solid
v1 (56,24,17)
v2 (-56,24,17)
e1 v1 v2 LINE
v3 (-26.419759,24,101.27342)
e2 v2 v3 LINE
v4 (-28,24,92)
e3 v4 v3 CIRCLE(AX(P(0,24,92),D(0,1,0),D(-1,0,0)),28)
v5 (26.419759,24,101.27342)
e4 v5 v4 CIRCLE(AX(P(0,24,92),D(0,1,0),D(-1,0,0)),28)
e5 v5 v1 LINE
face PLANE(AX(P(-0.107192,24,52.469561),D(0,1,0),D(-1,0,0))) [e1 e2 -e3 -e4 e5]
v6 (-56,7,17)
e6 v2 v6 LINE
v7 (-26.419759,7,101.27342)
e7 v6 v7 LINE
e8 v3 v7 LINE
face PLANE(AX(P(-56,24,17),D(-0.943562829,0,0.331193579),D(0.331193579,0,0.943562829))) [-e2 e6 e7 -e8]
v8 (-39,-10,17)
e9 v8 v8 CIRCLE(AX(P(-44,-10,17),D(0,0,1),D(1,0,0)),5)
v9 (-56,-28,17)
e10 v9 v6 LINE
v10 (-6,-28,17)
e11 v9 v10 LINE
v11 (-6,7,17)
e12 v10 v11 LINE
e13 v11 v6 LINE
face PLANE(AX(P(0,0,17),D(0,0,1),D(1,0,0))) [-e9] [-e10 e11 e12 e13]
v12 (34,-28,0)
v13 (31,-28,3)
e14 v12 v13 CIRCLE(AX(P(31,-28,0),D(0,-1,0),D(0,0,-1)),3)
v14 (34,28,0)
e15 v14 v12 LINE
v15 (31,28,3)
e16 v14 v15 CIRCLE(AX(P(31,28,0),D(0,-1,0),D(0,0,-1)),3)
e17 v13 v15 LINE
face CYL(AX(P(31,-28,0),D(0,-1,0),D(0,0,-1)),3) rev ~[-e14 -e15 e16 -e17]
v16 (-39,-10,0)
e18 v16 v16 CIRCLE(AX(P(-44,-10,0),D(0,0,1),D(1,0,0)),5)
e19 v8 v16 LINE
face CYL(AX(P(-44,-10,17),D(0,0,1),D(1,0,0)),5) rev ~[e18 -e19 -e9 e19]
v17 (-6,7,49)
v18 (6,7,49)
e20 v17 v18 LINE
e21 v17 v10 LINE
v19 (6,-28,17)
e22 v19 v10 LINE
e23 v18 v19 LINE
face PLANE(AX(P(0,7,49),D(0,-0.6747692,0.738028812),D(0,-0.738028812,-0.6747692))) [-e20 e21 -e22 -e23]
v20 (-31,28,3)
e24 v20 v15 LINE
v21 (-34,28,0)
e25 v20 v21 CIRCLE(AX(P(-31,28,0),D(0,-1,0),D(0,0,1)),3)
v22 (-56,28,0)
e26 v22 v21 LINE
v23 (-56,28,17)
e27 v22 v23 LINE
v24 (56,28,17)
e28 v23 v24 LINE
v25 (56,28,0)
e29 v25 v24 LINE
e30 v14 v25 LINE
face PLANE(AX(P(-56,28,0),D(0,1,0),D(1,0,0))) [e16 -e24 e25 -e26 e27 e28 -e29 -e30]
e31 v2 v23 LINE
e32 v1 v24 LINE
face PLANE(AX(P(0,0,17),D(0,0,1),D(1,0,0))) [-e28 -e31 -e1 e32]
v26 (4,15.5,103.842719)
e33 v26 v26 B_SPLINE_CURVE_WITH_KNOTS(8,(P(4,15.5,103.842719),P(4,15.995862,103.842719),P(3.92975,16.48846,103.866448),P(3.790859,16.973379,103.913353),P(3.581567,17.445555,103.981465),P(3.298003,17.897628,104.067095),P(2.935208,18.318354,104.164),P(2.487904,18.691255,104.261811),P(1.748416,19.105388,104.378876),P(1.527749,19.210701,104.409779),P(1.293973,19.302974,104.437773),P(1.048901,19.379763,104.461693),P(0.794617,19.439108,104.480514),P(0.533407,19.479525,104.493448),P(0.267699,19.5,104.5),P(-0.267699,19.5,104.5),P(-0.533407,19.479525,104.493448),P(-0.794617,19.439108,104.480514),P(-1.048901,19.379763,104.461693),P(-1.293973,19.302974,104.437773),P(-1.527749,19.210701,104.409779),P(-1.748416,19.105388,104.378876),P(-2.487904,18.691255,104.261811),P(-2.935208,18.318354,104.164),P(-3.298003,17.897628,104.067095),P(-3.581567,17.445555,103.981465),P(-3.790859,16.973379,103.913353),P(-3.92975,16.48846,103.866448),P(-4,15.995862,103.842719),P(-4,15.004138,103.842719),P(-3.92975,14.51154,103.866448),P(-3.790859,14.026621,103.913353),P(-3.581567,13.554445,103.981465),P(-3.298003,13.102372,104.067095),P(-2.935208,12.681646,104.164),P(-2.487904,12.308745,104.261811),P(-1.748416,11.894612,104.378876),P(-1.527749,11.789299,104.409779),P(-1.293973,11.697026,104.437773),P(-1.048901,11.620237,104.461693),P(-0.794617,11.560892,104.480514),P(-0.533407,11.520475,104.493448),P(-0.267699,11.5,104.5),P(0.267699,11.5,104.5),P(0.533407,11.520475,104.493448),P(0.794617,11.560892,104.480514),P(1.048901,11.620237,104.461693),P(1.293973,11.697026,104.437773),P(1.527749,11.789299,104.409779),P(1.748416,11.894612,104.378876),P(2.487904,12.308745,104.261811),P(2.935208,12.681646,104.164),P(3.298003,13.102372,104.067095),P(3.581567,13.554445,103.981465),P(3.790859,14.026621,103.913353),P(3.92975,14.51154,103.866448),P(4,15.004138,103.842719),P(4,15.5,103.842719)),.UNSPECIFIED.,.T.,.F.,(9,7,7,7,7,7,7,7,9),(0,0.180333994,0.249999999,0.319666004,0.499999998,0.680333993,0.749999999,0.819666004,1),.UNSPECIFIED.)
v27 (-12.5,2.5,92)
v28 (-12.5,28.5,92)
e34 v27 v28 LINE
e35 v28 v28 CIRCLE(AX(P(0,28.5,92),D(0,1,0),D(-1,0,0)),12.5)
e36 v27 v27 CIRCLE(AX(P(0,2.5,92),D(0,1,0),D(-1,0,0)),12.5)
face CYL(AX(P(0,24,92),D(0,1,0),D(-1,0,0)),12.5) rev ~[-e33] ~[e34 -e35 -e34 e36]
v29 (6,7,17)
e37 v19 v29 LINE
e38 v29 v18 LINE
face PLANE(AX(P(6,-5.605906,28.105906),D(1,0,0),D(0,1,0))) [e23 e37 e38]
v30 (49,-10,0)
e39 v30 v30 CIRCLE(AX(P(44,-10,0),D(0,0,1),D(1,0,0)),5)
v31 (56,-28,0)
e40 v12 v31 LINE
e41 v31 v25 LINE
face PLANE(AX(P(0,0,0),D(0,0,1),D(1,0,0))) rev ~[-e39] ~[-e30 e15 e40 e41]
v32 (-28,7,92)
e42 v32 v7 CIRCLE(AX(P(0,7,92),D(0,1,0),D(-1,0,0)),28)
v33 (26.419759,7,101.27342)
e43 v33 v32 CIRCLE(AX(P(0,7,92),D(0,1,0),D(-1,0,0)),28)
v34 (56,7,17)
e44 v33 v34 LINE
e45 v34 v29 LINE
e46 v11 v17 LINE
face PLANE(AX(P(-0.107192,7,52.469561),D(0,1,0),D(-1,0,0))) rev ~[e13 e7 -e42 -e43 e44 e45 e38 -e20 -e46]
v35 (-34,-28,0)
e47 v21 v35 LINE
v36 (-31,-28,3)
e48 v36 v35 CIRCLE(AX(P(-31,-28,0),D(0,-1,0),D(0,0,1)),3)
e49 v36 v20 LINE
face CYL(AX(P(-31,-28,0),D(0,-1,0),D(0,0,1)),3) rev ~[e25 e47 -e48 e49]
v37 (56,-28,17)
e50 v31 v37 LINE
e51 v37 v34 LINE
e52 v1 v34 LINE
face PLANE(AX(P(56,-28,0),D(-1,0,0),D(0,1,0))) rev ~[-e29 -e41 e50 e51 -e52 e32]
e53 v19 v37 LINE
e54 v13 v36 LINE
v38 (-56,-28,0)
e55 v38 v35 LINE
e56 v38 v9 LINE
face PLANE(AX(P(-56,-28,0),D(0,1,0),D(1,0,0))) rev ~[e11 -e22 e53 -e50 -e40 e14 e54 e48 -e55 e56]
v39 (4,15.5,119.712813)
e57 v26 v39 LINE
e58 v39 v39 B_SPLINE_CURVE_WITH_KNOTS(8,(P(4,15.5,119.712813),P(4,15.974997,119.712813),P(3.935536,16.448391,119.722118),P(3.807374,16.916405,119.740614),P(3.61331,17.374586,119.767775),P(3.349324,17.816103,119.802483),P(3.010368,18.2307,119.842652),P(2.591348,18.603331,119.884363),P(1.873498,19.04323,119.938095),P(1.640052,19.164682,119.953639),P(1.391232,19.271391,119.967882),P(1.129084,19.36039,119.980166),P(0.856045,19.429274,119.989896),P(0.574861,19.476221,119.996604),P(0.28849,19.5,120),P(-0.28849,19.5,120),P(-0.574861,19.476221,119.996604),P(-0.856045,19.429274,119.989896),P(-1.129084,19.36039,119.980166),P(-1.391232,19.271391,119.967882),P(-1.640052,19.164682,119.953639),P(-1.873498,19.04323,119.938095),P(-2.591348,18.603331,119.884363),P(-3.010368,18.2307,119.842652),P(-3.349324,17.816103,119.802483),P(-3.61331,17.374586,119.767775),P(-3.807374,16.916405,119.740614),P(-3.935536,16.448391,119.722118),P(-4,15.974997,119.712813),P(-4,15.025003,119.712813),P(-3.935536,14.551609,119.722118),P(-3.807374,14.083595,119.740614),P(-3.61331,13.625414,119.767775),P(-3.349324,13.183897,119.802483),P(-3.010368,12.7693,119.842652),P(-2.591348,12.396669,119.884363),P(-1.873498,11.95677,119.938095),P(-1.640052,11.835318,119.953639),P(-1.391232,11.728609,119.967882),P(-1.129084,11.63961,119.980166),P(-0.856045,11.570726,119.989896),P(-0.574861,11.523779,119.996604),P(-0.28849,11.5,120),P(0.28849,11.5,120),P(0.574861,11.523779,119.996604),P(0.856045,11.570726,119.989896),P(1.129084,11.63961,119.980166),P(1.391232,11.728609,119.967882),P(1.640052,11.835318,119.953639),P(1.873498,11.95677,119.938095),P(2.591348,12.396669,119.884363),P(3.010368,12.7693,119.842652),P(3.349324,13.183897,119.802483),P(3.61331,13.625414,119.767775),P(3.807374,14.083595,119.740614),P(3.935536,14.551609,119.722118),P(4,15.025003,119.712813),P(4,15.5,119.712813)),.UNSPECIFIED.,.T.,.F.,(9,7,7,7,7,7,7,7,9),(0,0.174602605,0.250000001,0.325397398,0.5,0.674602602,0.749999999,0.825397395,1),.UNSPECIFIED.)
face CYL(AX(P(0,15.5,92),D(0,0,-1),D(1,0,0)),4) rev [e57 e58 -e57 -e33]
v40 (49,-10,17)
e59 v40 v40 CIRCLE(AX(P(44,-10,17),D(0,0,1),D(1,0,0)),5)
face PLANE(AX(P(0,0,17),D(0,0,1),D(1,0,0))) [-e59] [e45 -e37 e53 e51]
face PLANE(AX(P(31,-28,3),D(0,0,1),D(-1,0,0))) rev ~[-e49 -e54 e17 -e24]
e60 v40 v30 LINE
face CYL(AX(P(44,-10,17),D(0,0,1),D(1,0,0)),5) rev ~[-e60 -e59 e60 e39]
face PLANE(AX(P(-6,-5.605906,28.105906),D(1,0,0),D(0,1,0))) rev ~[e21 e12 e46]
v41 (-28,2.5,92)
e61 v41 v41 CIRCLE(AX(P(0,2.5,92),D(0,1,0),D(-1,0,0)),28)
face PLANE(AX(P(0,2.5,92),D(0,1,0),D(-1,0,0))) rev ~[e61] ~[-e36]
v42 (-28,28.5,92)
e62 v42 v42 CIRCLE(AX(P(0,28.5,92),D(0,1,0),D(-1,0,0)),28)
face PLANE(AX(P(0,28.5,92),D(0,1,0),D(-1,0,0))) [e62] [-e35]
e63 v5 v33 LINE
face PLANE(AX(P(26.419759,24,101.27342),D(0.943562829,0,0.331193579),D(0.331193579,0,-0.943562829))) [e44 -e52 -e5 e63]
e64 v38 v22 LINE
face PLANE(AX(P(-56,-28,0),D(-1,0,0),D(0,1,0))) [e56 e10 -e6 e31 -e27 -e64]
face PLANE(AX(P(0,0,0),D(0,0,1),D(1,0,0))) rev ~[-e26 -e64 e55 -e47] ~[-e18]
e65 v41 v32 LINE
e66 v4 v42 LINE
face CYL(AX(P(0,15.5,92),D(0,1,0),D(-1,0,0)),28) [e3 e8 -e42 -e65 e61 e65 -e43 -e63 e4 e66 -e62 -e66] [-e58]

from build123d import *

# Parameters (mm, degrees)
F0_W      = 112
F0_H      = 56
F1_DEPTH  = 17
F3_R      = 12.5
F4_DEPTH  = 17
F6_R      = 28
F7_DEPTH  = 13
F8_DEPTH  = 25
F10_R     = 4
F11_DEPTH = 28.001
F12_R     = 5
F13_DEPTH = 17.001
F16_DEPTH = 6
F18_DEPTH = 56.5010001


with BuildPart() as f1:
    # F0 (on Top) → F1 (new body)
    with BuildSketch(Plane.XY):
        Rectangle(F0_W, F0_H)
    extrude(amount=F1_DEPTH)

    # F3 (on offset) → F4 (join)
    with BuildSketch(Plane(origin=(0, 24, 0), x_dir=(-1, 0, 0), z_dir=(0, 1, 0))):
        with BuildLine():
            Line((-26.4197592234, 101.2734202201), (-56, 17))
            Line((-56, 17), (56, 17))
            Line((56, 17), (26.4197592234, 101.2734202201))
            ThreePointArc((26.4197592234, 101.2734202201), (27.6021127656, 96.7035487531), (28, 92))
            ThreePointArc((28, 92), (-4.7035487531, 64.3978872344), (-26.4197592234, 101.2734202201))
        make_face()
        with BuildLine():
            ThreePointArc((26.4197592234, 101.2734202201), (0, 120), (-26.4197592234, 101.2734202201))
            ThreePointArc((-26.4197592234, 101.2734202201), (-4.7035487531, 64.3978872344), (28, 92))
            ThreePointArc((28, 92), (27.6021127656, 96.7035487531), (26.4197592234, 101.2734202201))
        make_face()
        with Locations((0, 92)):
            Circle(F3_R, mode=Mode.SUBTRACT)
    extrude(amount=-F4_DEPTH)

    # F6 (on offset) → F7 (join, symmetric)
    with BuildSketch(Plane(origin=(0, 15.5, 0), x_dir=(-1, 0, 0), z_dir=(0, 1, 0))):
        with Locations((0, 92)):
            Circle(F6_R)
    extrude(amount=F7_DEPTH, both=True)

    # F3 (on offset) → F8 (cut, symmetric)
    with BuildSketch(Plane(origin=(0, 24, 0), x_dir=(-1, 0, 0), z_dir=(0, 1, 0))):
        with Locations((0, 92)):
            Circle(F3_R)
    extrude(amount=F8_DEPTH, both=True, mode=Mode.SUBTRACT)

    # F10 (on offset) → F11 (cut, through all)
    with BuildSketch(Plane.XY.offset(92)):
        with Locations((0, 15.5)):
            Circle(F10_R)
    extrude(amount=F11_DEPTH, mode=Mode.SUBTRACT)

    # F12 (on face) → F13 (cut, through all)
    with BuildSketch(Plane.XY.offset(17)):
        with Locations((-44, -10)):
            Circle(F12_R)
        with Locations((44, -10)):
            Circle(F12_R)
    extrude(amount=-F13_DEPTH, mode=Mode.SUBTRACT)

    # F15 (on offset) → F16 (join, symmetric)
    with BuildSketch(Plane.YZ):
        Polygon((7, 17), (7, 49), (-28, 17), align=None)
    extrude(amount=F16_DEPTH, both=True)

    # F17 (on face) → F18 (cut, through all)
    with BuildSketch(Plane.XZ.offset(28)):
        with BuildLine():
            Line((31, 3), (-31, 3))
            ThreePointArc((-31, 3), (-34, 0), (-31, -3))
            Line((-31, -3), (31, -3))
            ThreePointArc((31, -3), (34, 0), (31, 3))
        make_face()
    extrude(amount=-F18_DEPTH, mode=Mode.SUBTRACT)


solid = f1.part
